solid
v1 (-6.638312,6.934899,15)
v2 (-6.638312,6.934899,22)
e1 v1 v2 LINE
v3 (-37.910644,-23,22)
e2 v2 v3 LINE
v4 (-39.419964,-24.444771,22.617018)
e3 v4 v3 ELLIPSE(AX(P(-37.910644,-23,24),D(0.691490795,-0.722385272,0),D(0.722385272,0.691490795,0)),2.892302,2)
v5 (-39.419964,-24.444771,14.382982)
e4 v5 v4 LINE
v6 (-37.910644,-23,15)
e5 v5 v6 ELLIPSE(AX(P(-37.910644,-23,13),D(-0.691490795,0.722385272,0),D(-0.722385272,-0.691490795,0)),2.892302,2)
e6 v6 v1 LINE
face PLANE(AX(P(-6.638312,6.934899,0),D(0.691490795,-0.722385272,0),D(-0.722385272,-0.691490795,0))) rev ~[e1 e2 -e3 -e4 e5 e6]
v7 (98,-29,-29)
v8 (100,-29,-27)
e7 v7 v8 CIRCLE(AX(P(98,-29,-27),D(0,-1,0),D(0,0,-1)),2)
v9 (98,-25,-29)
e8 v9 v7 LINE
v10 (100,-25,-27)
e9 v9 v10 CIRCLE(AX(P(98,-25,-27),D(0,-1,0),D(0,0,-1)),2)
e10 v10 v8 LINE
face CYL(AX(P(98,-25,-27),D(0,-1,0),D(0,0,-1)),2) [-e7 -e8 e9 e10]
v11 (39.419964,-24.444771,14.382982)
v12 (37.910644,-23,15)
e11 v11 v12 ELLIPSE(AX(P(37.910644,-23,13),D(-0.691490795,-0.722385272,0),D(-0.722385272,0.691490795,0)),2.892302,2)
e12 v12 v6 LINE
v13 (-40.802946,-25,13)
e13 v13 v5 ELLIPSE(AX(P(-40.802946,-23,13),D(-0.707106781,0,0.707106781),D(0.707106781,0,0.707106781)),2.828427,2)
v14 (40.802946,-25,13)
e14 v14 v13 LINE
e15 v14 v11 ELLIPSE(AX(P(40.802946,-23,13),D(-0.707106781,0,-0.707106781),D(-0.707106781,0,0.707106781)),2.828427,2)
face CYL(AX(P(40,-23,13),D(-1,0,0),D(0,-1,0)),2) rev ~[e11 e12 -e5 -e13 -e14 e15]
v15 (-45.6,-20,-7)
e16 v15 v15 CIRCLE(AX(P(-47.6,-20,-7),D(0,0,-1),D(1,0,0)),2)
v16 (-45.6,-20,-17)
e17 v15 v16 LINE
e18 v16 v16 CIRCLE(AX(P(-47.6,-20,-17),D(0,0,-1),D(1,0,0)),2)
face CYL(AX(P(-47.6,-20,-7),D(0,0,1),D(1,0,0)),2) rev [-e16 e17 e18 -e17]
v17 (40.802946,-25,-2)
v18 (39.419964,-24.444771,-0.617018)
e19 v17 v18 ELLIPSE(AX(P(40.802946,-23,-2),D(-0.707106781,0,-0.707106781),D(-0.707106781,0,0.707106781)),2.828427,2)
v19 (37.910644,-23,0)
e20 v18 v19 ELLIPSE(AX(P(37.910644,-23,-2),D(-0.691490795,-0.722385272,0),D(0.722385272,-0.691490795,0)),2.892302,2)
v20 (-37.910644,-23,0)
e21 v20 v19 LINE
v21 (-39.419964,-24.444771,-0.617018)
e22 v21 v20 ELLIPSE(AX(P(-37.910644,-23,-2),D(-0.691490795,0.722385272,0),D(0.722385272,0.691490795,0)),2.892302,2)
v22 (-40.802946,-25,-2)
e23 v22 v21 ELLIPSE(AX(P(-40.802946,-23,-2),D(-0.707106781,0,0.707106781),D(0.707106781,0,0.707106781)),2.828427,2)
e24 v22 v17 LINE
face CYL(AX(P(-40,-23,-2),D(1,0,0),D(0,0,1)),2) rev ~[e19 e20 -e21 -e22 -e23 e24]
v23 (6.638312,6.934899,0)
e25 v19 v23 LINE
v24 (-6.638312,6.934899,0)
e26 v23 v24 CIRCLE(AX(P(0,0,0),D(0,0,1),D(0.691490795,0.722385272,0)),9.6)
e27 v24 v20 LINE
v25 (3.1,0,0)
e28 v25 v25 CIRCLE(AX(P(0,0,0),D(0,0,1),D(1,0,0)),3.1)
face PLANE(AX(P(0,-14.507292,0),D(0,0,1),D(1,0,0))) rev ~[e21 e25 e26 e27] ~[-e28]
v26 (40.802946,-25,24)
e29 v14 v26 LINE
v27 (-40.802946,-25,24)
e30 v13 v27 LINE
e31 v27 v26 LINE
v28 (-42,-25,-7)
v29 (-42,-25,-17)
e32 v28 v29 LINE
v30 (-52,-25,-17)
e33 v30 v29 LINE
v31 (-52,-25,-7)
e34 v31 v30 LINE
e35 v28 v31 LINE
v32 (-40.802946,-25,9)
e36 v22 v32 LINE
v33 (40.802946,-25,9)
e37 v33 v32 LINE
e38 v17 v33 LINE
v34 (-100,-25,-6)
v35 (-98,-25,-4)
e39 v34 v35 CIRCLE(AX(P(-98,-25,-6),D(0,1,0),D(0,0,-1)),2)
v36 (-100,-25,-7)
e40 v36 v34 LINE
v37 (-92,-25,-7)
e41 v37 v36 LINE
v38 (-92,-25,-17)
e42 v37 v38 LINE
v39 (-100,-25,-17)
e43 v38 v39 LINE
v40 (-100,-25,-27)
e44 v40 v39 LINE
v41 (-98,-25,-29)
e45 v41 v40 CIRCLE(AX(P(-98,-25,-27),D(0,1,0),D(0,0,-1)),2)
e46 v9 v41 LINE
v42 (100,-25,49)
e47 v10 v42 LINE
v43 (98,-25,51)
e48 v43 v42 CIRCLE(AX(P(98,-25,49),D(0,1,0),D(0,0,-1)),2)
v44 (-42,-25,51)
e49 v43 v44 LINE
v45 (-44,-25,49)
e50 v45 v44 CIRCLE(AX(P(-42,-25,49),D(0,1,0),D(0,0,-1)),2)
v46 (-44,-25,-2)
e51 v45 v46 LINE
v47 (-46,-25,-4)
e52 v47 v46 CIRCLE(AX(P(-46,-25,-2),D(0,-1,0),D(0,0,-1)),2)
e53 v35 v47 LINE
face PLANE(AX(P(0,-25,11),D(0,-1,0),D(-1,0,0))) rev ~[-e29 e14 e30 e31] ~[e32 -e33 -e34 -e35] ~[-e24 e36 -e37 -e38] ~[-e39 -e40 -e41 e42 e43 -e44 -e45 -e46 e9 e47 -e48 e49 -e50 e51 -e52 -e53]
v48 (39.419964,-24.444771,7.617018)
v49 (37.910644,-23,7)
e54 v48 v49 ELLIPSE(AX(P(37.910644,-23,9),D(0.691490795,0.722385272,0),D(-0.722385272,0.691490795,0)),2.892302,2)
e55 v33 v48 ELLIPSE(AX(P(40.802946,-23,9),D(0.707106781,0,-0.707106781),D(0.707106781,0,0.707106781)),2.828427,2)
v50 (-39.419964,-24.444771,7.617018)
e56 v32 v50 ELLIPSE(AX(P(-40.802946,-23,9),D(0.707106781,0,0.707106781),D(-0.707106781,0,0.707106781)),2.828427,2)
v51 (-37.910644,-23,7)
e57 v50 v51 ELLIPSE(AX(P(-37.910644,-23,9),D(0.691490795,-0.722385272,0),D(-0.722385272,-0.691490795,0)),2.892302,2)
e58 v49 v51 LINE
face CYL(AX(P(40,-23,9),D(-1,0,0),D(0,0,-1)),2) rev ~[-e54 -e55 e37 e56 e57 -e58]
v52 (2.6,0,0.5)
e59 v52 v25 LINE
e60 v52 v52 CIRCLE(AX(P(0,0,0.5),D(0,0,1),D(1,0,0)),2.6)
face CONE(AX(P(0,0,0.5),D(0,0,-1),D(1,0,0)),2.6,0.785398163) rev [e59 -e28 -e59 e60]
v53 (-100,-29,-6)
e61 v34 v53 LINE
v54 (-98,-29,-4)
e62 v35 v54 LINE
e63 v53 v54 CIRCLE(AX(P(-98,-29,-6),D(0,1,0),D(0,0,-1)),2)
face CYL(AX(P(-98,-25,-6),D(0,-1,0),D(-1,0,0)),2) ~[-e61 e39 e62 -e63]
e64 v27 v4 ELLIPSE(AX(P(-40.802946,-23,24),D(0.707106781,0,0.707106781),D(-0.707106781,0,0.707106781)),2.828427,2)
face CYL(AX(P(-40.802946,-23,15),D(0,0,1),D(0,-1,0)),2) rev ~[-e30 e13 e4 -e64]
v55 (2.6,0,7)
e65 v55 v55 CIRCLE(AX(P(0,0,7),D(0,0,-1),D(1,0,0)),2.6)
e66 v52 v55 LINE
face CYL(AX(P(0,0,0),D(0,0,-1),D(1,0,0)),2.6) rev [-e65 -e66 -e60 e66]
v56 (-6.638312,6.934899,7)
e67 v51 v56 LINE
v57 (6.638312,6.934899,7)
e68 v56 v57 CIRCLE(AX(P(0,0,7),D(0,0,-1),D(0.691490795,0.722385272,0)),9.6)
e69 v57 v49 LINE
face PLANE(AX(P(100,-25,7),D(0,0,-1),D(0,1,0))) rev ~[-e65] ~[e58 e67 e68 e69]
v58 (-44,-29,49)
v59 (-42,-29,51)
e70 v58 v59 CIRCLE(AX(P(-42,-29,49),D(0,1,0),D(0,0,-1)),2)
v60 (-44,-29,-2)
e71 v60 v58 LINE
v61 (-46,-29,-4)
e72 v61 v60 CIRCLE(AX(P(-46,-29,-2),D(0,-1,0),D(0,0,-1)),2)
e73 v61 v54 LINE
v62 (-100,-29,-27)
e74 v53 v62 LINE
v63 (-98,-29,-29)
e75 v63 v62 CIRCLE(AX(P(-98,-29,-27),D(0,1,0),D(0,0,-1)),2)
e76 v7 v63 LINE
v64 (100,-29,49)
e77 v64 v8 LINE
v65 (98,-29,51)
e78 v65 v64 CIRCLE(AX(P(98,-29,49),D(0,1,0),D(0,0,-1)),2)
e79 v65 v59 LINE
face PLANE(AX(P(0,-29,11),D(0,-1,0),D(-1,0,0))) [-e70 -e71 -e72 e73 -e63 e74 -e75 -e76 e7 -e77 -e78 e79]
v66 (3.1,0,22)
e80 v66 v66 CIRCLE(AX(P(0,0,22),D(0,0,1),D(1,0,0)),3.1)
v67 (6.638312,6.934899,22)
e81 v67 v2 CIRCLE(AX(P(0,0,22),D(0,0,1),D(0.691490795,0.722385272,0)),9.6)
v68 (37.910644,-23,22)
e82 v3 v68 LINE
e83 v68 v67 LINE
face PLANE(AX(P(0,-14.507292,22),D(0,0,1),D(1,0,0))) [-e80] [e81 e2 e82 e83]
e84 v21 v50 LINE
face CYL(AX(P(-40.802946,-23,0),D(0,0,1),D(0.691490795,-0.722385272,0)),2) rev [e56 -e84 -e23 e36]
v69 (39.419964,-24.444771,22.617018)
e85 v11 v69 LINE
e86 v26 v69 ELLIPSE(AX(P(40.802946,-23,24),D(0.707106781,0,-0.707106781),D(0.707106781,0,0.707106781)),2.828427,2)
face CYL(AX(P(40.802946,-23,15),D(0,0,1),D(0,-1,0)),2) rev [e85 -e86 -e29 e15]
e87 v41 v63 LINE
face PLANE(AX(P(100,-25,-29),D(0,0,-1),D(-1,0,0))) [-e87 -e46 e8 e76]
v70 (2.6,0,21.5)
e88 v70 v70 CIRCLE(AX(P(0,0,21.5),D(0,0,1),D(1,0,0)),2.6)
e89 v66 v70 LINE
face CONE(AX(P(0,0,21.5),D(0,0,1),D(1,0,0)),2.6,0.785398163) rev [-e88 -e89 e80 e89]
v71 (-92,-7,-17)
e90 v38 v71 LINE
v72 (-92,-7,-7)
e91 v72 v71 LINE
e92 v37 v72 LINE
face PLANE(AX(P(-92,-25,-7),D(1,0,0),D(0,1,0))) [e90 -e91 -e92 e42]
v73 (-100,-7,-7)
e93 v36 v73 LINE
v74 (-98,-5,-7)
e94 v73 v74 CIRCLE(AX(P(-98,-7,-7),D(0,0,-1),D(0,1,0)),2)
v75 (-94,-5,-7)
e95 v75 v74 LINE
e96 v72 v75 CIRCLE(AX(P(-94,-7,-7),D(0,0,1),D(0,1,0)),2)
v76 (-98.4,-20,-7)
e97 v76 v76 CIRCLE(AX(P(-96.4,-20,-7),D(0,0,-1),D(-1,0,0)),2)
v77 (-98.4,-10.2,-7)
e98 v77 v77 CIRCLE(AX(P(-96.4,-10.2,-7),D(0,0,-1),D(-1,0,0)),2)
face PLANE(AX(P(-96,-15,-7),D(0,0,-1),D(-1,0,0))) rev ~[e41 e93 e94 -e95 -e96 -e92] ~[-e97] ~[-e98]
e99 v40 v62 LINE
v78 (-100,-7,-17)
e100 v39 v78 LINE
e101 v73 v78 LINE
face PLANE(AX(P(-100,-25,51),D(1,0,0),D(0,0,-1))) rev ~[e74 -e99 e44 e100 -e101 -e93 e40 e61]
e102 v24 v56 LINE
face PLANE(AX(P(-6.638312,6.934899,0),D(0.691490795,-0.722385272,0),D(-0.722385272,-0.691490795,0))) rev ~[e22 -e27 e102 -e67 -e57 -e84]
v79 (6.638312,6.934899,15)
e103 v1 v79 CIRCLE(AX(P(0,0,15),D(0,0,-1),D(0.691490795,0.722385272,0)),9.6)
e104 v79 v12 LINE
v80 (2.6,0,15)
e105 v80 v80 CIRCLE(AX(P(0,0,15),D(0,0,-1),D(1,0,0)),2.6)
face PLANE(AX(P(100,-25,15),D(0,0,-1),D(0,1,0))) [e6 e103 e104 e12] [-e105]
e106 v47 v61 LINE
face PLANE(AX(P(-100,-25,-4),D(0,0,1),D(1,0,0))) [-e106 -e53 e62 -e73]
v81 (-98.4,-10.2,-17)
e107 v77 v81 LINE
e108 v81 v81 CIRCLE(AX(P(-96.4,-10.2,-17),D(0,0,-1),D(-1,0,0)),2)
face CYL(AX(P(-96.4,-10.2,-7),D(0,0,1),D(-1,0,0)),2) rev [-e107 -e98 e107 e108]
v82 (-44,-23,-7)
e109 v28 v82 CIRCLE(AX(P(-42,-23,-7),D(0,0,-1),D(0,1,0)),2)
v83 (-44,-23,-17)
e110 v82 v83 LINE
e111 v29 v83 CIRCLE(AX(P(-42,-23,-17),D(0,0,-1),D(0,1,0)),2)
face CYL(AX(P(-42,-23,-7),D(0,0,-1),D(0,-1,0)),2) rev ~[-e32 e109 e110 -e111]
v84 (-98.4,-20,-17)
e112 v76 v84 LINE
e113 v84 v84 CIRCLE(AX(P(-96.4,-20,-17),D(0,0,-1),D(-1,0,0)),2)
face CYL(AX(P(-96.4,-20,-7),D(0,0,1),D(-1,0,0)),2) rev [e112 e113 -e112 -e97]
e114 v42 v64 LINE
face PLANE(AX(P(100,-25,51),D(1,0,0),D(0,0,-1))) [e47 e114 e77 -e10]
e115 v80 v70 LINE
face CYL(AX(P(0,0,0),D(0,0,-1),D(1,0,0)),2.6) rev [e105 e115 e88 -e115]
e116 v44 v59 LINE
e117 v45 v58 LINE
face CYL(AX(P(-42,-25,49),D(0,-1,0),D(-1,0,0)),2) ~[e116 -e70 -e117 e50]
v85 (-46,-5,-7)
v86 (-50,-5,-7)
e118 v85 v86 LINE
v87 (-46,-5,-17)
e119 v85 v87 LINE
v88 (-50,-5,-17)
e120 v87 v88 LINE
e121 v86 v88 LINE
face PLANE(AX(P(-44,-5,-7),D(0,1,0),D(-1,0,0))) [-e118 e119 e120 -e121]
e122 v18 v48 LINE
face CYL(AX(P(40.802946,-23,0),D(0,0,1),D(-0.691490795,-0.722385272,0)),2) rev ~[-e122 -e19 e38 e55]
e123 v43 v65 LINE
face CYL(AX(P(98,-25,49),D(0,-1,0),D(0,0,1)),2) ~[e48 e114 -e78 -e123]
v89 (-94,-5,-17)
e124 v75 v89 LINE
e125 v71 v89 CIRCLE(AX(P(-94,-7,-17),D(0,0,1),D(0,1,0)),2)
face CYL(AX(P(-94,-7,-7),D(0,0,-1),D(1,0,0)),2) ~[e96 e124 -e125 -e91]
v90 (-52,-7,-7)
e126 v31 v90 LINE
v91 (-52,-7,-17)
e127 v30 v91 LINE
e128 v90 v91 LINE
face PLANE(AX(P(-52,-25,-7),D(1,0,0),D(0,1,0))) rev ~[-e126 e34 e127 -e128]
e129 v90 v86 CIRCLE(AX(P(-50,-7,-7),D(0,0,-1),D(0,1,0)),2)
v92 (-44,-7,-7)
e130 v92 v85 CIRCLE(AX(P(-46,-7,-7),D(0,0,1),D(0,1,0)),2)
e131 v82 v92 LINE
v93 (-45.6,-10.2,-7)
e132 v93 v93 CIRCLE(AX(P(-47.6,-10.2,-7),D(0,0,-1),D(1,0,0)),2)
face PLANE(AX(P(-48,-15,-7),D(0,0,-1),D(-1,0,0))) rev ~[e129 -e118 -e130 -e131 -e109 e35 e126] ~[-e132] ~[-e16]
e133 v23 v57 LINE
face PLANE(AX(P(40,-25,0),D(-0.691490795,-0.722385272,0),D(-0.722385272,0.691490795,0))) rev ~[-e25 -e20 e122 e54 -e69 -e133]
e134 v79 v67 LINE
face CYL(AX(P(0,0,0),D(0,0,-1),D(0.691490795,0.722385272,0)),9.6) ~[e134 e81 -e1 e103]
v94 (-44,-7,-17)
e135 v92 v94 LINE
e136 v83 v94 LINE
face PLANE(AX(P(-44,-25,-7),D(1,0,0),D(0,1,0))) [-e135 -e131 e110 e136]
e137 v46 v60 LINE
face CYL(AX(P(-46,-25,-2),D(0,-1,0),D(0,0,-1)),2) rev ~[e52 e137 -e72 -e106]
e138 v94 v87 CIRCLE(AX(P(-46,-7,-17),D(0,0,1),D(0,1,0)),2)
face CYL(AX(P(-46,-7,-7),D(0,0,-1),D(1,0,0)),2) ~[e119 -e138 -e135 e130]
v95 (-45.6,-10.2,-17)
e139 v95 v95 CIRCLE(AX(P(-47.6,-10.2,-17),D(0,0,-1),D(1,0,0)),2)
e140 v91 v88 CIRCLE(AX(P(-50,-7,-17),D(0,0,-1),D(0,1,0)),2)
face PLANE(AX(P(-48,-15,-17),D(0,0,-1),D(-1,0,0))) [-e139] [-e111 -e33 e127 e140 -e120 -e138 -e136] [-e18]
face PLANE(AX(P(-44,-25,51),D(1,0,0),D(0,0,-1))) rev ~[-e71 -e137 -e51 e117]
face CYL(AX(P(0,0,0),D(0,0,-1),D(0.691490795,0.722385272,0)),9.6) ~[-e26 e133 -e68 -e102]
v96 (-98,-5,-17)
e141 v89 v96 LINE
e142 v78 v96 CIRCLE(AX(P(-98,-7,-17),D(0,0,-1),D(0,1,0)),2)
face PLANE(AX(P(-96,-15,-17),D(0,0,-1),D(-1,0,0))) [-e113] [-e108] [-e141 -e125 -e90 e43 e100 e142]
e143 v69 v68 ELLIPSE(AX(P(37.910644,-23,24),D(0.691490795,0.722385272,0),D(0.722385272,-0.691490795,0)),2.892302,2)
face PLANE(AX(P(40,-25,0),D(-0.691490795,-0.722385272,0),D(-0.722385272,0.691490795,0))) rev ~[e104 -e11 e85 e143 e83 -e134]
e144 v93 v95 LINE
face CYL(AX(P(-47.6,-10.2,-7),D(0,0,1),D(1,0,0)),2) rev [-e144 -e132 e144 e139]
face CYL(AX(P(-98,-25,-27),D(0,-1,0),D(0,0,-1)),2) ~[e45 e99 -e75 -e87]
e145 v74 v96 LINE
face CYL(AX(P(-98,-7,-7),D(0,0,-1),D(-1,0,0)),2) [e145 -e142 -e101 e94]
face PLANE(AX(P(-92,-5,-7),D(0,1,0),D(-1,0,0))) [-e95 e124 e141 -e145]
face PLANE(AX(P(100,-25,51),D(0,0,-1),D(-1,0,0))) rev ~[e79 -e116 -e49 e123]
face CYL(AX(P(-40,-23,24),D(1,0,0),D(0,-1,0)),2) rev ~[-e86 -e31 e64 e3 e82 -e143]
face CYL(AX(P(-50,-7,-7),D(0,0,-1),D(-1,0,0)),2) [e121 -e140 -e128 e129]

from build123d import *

# Parameters (mm, degrees)
SKETCH1_R           = 2.6
BOSS_EXTRUDE1_DEPTH = 22
SKETCH2_W           = 200
SKETCH2_H           = 80
BOSS_EXTRUDE2_DEPTH = 4
SKETCH3_W           = 8
SKETCH3_H           = 35
CUT_EXTRUDE1_DEPTH  = 209.42744541
CHAMFER1_SIZE       = 0.5
BOSS_EXTRUDE3_START = -22
SKETCH4_W           = 8
SKETCH4_H           = 20
SKETCH4_R           = 2
BOSS_EXTRUDE3_DEPTH = 10
SKETCH5_W           = 56
SKETCH5_H           = 55
CUT_EXTRUDE2_DEPTH  = 7
FILLET1_R           = 2


with BuildPart() as part:
    # Sketch1 → Boss-Extrude1 (new body)
    with BuildSketch(Plane.XY):
        with BuildLine():
            Line((-6.63831163, 6.934898608), (-40, -25))
            Line((-40, -25), (40, -25))
            Line((40, -25), (6.63831163, 6.934898608))
            ThreePointArc((6.63831163, 6.934898608), (0, 9.6), (-6.63831163, 6.934898608))
        make_face()
        Circle(SKETCH1_R, mode=Mode.SUBTRACT)
    extrude(amount=BOSS_EXTRUDE1_DEPTH)

    # Sketch2 → Boss-Extrude2 (add)
    with BuildSketch(Plane(origin=(0, -25, 0), x_dir=(-1, 0, 0), z_dir=(0, -1, 0))):
        with Locations((0, -11)):
            Rectangle(SKETCH2_W, SKETCH2_H)
    extrude(amount=BOSS_EXTRUDE2_DEPTH)

    # Sketch3 → Cut-Extrude1 (cut, through all)
    with BuildSketch(Plane(origin=(100, 0, 0), x_dir=(0, 0, -1), z_dir=(1, 0, 0))):
        with Locations((-11, -7.5)):
            Rectangle(SKETCH3_W, SKETCH3_H)
    extrude(amount=-CUT_EXTRUDE1_DEPTH, mode=Mode.SUBTRACT)

    # Chamfer1
    chamfer1_edges = [part.edges().sort_by_distance(p)[0] for p in [
        (-2.6, 0, 0),
        (-2.6, 0, 22),
    ]]
    chamfer(chamfer1_edges, length=CHAMFER1_SIZE)

    # Sketch4 → Boss-Extrude3 (add)
    # profile 1 of 2: a face of its own
    with BuildSketch(Plane(origin=(0, 0, -29), x_dir=(-1, 0, 0), z_dir=(0, 0, -1)).offset(BOSS_EXTRUDE3_START)):
        with Locations((96, -15)):
            Rectangle(SKETCH4_W, SKETCH4_H)
        with Locations((96.4, -20)):
            Circle(SKETCH4_R, mode=Mode.SUBTRACT)
        with Locations((96.4, -10.2)):
            Circle(SKETCH4_R, mode=Mode.SUBTRACT)
    # profile 2 of 2: a face of its own
    with BuildSketch(Plane(origin=(0, 0, -29), x_dir=(-1, 0, 0), z_dir=(0, 0, -1)).offset(BOSS_EXTRUDE3_START)):
        with Locations((48, -15)):
            Rectangle(SKETCH4_W, SKETCH4_H)
        with Locations(Location((47.6, -20, 0), (0, 0, 180))):
            Circle(SKETCH4_R, mode=Mode.SUBTRACT)
        with Locations(Location((47.6, -10.2, 0), (0, 0, 180))):
            Circle(SKETCH4_R, mode=Mode.SUBTRACT)
    extrude(amount=BOSS_EXTRUDE3_DEPTH)

    # Sketch5 → Cut-Extrude2 (cut)
    with BuildSketch(Plane(origin=(0, -25, 0), x_dir=(1, 0, 0), z_dir=(0, 1, 0))):
        with Locations((-72, -23.5)):
            Rectangle(SKETCH5_W, SKETCH5_H)
    extrude(amount=-CUT_EXTRUDE2_DEPTH, mode=Mode.SUBTRACT)

    # Fillet1
    fillet1_edges = [part.edges().sort_by_distance(p)[0] for p in [
        (-100, -5, -12),
        (-92, -5, -12),
        (-44, -5, -12),
        (-52, -5, -12),
        (-44, -25, -12),
        (0, -25, 0),
        (0, -25, 15),
        (-40, -25, 18.5),
        (0, -25, 7),
        (-40, -25, 3.5),
        (0, -25, 22),
        (40, -25, 3.5),
        (40, -25, 18.5),
        (100, -27, -29),
        (100, -27, 51),
        (-100, -27, -29),
        (-44, -27, -4),
        (-44, -27, 51),
        (-100, -27, -4),
    ]]
    fillet(fillet1_edges, radius=FILLET1_R)


solid = part.part
